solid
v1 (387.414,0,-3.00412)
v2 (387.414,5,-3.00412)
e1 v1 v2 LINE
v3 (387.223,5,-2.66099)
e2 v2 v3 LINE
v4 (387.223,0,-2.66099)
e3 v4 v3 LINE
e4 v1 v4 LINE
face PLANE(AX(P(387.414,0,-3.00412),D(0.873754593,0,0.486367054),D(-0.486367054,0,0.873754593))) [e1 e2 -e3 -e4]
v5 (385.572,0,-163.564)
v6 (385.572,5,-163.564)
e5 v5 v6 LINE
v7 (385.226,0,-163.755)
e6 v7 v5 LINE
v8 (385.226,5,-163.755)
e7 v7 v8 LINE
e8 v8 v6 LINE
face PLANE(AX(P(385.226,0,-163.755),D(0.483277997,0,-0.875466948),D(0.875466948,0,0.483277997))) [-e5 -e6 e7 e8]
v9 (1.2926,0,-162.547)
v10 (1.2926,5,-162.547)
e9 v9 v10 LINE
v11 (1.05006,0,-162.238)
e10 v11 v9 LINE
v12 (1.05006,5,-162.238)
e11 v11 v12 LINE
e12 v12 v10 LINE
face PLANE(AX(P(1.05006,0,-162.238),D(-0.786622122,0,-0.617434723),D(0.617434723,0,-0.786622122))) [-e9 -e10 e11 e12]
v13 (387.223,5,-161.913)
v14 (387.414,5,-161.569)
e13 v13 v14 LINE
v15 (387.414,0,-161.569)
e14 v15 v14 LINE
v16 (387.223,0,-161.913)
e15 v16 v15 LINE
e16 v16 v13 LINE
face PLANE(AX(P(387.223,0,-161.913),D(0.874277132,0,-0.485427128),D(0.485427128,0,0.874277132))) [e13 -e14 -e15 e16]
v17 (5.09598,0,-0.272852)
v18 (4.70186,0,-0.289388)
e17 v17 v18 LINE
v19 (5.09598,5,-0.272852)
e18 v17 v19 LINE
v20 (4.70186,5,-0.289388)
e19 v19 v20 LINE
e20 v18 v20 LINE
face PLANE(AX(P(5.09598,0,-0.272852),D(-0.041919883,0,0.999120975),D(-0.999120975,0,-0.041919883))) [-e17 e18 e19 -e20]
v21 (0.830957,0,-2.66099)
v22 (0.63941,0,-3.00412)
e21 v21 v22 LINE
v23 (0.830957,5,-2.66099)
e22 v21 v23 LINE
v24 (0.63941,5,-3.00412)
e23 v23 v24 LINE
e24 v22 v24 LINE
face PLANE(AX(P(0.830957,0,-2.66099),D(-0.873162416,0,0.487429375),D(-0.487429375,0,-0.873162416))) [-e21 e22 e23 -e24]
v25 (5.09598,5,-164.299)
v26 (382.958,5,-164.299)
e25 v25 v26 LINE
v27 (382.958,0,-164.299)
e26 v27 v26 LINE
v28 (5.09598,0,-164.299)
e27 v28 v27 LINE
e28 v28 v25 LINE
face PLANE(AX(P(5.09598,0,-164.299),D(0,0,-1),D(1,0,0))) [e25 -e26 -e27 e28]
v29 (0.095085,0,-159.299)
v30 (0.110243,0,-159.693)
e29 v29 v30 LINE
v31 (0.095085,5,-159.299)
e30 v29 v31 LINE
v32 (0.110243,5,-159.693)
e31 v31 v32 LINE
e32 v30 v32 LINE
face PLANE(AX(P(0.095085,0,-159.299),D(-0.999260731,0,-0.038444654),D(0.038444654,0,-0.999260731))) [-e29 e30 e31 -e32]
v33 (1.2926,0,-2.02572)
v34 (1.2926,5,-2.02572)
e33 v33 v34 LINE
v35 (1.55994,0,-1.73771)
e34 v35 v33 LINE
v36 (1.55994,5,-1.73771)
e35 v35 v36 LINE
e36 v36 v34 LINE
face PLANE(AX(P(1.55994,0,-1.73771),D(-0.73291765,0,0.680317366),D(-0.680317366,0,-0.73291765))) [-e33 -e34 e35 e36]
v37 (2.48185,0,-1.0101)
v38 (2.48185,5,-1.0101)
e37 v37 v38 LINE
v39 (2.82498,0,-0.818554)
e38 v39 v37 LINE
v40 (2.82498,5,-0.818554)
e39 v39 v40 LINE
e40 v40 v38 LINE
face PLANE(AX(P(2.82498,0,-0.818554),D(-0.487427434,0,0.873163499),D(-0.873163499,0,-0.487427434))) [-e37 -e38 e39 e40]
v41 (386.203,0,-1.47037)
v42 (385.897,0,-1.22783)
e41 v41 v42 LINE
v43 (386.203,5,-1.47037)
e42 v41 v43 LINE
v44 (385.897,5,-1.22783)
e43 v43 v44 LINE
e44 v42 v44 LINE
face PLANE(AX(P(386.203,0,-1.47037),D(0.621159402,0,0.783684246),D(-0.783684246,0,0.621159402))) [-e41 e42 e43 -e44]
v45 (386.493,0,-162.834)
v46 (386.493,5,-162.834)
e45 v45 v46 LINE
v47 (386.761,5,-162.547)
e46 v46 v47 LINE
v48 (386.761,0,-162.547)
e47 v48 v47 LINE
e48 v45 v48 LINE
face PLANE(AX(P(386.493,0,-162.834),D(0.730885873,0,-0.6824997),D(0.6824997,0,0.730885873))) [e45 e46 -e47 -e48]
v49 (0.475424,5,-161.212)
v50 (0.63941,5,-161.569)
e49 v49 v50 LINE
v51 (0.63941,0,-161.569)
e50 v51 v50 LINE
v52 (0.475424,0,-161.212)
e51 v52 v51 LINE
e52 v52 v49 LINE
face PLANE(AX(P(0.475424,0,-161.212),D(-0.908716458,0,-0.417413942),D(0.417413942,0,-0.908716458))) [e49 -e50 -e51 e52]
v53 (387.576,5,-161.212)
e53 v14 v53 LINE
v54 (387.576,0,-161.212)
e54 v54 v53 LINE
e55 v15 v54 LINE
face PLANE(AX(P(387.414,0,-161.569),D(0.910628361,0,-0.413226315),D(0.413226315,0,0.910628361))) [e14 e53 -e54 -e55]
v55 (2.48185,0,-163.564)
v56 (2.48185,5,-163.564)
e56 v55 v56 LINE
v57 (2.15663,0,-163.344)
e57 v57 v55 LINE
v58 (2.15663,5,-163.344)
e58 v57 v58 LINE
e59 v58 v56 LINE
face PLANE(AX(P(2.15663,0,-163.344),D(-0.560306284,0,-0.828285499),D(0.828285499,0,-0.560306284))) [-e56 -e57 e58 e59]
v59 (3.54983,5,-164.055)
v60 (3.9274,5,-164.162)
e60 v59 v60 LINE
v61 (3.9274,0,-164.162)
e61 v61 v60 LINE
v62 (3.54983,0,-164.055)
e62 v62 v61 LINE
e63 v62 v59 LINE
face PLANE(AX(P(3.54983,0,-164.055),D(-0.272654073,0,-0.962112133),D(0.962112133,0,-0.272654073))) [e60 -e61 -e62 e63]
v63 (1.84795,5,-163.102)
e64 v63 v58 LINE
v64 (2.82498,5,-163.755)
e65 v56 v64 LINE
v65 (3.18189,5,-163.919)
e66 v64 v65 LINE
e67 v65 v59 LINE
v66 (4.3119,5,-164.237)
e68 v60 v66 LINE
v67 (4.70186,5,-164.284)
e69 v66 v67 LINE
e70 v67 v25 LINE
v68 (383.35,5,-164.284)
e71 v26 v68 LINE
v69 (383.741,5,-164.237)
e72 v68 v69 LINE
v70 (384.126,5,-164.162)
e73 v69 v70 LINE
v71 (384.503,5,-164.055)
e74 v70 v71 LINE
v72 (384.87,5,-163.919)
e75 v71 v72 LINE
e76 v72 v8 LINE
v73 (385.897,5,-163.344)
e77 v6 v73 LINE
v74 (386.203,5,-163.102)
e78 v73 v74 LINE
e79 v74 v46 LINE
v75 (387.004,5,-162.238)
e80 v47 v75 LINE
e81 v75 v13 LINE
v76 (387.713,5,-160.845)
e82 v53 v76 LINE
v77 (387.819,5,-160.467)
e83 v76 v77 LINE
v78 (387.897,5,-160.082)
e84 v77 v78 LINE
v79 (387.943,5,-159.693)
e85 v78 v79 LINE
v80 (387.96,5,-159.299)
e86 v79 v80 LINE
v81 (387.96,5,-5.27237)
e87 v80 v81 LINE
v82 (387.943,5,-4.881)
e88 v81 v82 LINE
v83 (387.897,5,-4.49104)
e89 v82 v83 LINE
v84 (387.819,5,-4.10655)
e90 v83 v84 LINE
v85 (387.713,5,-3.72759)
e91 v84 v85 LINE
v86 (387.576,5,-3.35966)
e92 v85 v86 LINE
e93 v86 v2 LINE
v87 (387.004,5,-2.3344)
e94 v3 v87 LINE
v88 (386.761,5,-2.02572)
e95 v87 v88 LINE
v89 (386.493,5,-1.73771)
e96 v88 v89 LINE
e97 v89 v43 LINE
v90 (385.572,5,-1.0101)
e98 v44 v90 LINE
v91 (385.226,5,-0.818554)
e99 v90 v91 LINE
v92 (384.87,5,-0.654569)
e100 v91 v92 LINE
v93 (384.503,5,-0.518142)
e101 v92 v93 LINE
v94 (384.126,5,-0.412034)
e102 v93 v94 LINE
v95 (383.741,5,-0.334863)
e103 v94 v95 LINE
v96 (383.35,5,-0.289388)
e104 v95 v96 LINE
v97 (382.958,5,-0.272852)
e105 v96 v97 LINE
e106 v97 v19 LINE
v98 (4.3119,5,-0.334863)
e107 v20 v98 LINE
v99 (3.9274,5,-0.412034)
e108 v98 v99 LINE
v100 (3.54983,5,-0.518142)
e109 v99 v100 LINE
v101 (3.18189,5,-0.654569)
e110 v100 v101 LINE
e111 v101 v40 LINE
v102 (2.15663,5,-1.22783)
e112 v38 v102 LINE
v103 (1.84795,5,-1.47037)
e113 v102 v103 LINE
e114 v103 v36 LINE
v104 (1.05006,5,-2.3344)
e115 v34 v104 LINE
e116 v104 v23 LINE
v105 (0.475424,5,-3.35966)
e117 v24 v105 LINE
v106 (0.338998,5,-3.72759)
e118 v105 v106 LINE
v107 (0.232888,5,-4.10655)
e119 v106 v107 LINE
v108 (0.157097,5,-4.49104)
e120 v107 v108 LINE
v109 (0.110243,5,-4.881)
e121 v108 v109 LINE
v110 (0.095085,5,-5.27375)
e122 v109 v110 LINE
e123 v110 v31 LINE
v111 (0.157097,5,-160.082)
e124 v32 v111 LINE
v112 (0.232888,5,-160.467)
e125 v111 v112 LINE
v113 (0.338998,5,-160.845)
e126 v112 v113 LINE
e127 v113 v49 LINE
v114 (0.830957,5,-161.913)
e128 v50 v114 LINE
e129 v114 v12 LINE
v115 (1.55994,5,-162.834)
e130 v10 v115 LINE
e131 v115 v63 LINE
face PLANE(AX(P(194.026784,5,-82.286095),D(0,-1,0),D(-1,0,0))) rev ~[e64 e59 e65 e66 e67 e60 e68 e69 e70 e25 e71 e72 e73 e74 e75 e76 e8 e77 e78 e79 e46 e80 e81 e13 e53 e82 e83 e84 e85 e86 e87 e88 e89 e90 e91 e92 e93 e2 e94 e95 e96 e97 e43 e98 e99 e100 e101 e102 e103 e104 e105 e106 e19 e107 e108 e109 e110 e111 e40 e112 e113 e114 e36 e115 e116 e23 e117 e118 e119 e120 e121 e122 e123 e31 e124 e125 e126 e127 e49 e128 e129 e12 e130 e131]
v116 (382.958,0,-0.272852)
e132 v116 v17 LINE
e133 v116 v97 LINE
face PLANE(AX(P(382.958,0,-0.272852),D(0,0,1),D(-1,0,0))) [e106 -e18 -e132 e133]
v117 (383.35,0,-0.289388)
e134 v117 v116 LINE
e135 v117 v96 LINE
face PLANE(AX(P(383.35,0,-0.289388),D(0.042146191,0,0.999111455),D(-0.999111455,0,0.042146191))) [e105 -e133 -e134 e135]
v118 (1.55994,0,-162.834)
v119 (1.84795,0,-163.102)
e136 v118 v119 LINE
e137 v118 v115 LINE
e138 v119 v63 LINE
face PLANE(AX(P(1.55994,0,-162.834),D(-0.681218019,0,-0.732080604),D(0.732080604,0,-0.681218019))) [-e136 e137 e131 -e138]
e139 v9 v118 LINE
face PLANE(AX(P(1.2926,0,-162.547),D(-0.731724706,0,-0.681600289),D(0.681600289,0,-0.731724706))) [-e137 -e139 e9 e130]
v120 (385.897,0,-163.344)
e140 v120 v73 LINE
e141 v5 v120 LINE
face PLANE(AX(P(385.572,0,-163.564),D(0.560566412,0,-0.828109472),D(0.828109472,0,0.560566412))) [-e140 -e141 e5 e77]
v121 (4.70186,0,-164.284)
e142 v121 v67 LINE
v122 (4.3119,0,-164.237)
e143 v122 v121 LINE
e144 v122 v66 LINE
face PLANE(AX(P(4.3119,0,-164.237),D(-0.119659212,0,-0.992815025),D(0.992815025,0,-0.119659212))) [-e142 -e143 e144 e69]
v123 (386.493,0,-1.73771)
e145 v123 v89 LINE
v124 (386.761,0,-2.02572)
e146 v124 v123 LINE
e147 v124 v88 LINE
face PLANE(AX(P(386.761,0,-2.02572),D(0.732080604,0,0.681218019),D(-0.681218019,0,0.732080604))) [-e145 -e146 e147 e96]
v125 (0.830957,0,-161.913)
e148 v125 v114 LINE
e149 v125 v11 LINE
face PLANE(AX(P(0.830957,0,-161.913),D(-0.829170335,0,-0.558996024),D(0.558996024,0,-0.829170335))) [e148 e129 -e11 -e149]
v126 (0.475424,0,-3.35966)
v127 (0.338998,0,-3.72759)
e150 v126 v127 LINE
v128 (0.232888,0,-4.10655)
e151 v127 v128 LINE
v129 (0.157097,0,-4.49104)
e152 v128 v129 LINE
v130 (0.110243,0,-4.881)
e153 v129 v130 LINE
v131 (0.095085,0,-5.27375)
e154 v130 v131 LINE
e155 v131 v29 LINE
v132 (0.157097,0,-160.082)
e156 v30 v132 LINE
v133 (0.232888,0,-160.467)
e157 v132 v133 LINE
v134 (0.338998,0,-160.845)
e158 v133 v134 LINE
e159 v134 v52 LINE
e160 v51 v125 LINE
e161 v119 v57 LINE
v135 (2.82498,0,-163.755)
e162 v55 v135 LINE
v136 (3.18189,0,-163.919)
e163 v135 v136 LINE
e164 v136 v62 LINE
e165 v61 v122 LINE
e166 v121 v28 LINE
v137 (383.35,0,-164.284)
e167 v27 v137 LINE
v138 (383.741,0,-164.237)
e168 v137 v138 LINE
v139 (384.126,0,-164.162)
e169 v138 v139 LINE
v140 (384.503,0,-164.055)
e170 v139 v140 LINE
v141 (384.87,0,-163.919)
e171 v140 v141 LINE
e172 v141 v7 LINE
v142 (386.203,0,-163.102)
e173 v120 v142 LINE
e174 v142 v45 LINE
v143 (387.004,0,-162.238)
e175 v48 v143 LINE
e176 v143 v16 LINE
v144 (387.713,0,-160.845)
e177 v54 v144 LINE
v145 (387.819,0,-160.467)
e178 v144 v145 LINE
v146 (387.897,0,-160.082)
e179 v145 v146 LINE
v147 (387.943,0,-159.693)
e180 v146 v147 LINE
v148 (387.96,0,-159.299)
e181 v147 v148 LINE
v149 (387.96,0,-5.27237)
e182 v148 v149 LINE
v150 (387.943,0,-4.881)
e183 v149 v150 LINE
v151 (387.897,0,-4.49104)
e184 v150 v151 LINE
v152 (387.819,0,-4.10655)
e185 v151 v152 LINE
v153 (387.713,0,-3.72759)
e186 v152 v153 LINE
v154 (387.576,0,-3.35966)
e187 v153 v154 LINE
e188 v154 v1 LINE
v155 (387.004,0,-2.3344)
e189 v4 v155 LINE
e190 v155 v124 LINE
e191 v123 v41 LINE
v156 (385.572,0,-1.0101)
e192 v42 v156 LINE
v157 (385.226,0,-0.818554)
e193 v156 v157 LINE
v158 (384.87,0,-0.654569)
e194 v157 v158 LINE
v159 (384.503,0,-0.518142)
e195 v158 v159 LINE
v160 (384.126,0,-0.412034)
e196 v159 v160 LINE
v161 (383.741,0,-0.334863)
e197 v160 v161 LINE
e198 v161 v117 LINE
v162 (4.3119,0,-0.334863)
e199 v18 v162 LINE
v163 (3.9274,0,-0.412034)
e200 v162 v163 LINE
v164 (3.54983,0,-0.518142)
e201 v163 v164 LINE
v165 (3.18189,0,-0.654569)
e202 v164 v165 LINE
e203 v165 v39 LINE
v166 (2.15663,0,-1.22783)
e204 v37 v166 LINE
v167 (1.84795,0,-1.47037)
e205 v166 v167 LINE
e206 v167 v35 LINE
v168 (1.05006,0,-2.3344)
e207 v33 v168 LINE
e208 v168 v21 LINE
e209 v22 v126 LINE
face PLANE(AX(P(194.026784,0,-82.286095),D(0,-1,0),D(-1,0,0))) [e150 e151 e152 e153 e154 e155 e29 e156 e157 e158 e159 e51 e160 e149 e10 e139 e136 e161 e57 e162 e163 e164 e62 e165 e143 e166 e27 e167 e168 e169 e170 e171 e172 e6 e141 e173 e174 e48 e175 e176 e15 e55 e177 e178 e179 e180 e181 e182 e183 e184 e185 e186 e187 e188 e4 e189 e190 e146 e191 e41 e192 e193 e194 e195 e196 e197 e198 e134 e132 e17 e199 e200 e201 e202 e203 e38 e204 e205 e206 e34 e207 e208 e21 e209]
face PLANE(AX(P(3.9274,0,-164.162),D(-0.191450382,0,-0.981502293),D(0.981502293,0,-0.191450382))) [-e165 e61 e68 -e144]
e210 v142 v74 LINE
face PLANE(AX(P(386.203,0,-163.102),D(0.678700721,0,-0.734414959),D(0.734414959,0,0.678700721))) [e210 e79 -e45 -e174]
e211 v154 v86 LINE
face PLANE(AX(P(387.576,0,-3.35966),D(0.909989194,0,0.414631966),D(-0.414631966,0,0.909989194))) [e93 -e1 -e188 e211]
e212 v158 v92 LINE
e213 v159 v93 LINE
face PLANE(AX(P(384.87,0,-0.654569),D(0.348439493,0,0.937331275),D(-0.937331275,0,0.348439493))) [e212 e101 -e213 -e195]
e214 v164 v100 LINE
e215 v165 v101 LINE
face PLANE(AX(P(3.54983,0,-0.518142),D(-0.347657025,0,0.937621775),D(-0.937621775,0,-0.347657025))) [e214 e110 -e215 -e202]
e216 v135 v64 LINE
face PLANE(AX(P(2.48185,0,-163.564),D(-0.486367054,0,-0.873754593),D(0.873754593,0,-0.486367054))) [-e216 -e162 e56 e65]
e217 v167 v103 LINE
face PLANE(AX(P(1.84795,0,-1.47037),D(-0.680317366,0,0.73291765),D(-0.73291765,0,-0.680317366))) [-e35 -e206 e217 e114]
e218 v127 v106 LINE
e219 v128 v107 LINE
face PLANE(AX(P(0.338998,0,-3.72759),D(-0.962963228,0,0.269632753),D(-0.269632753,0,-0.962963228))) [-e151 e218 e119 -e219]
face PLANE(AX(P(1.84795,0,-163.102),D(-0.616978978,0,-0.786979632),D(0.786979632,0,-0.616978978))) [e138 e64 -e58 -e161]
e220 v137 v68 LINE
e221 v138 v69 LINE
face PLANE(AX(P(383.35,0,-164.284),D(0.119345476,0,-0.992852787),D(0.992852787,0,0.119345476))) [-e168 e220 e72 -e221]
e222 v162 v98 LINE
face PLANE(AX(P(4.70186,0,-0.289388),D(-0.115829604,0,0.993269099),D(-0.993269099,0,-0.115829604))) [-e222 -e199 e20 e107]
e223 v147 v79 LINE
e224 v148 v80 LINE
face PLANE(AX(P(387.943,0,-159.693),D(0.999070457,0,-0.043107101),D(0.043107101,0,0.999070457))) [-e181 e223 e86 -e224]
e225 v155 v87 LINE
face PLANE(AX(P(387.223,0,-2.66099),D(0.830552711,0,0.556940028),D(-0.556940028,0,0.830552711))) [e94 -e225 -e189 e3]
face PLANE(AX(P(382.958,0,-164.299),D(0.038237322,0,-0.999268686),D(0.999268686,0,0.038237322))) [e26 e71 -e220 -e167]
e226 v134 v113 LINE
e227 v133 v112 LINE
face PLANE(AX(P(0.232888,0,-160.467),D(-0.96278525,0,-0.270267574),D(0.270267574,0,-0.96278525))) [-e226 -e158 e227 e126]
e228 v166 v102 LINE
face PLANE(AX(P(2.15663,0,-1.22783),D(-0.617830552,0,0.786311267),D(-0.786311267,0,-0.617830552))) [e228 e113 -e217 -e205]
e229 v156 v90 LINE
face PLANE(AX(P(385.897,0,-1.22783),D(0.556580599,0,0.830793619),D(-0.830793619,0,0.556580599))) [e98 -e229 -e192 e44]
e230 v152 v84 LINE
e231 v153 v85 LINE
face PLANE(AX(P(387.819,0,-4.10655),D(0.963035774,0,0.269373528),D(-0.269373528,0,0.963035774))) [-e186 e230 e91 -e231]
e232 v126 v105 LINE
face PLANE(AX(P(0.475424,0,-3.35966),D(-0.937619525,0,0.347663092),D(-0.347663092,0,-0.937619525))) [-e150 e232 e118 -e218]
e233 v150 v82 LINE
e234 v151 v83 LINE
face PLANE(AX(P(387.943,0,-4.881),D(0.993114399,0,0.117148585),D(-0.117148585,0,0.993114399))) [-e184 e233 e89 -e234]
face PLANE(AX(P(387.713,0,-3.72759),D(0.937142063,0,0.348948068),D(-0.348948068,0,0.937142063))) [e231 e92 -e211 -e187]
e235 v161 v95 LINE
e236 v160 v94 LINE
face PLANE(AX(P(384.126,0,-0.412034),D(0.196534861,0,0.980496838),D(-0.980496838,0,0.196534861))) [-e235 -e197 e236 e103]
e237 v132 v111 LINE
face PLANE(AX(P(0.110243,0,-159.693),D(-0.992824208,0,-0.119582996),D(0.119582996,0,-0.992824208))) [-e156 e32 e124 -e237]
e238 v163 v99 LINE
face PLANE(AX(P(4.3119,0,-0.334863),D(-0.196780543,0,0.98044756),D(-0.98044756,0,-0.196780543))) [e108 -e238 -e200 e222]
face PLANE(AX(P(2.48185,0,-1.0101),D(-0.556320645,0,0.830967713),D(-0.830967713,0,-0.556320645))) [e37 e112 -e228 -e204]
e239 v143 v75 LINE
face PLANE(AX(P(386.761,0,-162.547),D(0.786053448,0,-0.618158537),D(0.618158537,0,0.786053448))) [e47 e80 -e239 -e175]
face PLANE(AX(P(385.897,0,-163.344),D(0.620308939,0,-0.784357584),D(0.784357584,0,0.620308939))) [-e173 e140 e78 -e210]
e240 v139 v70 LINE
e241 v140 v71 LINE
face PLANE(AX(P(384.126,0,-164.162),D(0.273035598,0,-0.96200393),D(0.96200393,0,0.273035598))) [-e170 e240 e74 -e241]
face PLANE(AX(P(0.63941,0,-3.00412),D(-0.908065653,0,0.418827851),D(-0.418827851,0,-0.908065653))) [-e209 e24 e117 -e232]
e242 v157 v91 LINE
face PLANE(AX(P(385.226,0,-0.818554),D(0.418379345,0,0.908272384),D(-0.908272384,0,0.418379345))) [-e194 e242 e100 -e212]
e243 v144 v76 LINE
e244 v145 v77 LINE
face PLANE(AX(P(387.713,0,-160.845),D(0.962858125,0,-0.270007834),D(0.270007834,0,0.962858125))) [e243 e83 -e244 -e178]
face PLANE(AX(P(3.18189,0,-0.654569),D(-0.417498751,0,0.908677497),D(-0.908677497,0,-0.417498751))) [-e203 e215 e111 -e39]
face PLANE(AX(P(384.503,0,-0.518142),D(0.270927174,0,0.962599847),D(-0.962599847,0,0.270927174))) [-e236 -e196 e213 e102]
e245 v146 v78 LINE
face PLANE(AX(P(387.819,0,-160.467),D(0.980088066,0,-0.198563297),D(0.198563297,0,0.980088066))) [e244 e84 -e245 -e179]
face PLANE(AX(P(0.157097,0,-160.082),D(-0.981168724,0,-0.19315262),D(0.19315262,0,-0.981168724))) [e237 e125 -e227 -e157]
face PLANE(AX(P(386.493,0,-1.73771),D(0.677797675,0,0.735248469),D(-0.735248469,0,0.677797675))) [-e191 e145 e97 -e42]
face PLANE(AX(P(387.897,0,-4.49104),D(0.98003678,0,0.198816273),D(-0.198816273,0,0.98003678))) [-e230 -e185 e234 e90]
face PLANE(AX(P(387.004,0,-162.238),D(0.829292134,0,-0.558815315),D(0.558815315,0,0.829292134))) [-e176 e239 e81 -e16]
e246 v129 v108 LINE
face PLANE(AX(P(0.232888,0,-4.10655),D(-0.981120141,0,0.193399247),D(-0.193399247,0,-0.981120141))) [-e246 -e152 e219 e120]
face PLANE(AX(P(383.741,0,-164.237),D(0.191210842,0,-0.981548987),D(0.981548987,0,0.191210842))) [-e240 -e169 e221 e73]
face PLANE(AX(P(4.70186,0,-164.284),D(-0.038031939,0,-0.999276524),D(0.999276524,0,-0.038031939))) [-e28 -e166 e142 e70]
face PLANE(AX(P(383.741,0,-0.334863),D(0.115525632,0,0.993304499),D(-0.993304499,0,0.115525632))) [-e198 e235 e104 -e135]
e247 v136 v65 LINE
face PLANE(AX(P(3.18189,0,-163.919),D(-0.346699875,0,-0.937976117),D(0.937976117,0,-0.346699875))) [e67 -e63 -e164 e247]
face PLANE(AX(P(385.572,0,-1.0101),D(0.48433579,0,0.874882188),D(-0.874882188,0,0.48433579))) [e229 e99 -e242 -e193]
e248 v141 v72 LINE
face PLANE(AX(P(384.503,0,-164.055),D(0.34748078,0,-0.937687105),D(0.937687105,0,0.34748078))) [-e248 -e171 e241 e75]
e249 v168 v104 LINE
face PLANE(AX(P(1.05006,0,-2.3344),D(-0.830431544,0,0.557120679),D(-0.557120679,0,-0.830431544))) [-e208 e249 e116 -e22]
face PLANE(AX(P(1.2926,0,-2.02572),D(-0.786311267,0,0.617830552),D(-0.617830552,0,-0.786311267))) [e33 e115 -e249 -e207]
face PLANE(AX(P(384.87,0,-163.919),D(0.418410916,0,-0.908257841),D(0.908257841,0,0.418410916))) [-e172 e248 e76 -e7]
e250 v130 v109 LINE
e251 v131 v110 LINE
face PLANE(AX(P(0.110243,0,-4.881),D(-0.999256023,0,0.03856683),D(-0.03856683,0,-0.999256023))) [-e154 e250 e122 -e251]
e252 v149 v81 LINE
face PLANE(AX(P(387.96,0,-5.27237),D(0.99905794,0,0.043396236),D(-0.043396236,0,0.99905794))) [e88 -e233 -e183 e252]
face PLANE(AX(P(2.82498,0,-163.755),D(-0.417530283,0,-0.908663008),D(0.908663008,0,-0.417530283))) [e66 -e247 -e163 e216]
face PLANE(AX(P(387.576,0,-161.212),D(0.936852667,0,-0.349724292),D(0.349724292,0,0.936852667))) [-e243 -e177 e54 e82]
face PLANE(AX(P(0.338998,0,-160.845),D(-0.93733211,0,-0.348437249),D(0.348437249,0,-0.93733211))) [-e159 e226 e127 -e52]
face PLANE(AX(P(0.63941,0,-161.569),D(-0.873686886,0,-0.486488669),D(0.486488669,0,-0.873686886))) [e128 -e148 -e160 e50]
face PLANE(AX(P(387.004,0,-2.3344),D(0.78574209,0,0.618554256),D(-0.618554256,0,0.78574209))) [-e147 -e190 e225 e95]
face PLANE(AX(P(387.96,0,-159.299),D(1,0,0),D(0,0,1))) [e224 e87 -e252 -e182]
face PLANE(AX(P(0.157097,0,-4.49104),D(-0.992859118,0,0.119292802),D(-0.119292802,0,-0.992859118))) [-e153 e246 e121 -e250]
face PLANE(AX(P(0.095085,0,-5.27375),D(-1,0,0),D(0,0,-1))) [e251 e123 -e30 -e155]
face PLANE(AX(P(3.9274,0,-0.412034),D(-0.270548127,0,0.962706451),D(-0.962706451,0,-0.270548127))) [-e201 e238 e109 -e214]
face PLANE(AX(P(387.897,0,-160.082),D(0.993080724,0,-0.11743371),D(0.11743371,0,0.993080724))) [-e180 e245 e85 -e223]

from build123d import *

# Parameters (mm, degrees)
BOSS_EXTRUDE2_DEPTH = 5


with BuildPart() as part:
    # Sketch3 → Boss-Extrude2 (new body)
    with BuildSketch(Plane(origin=(0, 0, 0), x_dir=(1, 0, 0), z_dir=(0, 1, 0))):
        Polygon((382.958, 164.299), (383.35, 164.284), (383.741, 164.237), (384.126, 164.162), (384.503, 164.055), (384.87, 163.919), (385.226, 163.755), (385.572, 163.564), (385.897, 163.344), (386.203, 163.102), (386.493, 162.834), (386.761, 162.547), (387.004, 162.238), (387.223, 161.913), (387.414, 161.569), (387.576, 161.212), (387.713, 160.845), (387.819, 160.467), (387.897, 160.082), (387.943, 159.693), (387.96, 159.299), (387.96, 5.27237), (387.943, 4.881), (387.897, 4.49104), (387.819, 4.10655), (387.713, 3.72759), (387.576, 3.35966), (387.414, 3.00412), (387.223, 2.66099), (387.004, 2.3344), (386.761, 2.02572), (386.493, 1.73771), (386.203, 1.47037), (385.897, 1.22783), (385.572, 1.0101), (385.226, 0.818554), (384.87, 0.654569), (384.503, 0.518142), (384.126, 0.412034), (383.741, 0.334863), (383.35, 0.289388), (382.958, 0.272852), (5.09598, 0.272852), (4.70186, 0.289388), (4.3119, 0.334863), (3.9274, 0.412034), (3.54983, 0.518142), (3.18189, 0.654569), (2.82498, 0.818554), (2.48185, 1.0101), (2.15663, 1.22783), (1.84795, 1.47037), (1.55994, 1.73771), (1.2926, 2.02572), (1.05006, 2.3344), (0.830957, 2.66099), (0.63941, 3.00412), (0.475424, 3.35966), (0.338998, 3.72759), (0.232888, 4.10655), (0.157097, 4.49104), (0.110243, 4.881), (0.0950846, 5.27375), (0.0950846, 159.299), (0.110243, 159.693), (0.157097, 160.082), (0.232888, 160.467), (0.338998, 160.845), (0.475424, 161.212), (0.63941, 161.569), (0.830957, 161.913), (1.05006, 162.238), (1.2926, 162.547), (1.55994, 162.834), (1.84795, 163.102), (2.15663, 163.344), (2.48185, 163.564), (2.82498, 163.755), (3.18189, 163.919), (3.54983, 164.055), (3.9274, 164.162), (4.3119, 164.237), (4.70186, 164.284), (5.09598, 164.299), align=None)
    extrude(amount=BOSS_EXTRUDE2_DEPTH)


solid = part.part
